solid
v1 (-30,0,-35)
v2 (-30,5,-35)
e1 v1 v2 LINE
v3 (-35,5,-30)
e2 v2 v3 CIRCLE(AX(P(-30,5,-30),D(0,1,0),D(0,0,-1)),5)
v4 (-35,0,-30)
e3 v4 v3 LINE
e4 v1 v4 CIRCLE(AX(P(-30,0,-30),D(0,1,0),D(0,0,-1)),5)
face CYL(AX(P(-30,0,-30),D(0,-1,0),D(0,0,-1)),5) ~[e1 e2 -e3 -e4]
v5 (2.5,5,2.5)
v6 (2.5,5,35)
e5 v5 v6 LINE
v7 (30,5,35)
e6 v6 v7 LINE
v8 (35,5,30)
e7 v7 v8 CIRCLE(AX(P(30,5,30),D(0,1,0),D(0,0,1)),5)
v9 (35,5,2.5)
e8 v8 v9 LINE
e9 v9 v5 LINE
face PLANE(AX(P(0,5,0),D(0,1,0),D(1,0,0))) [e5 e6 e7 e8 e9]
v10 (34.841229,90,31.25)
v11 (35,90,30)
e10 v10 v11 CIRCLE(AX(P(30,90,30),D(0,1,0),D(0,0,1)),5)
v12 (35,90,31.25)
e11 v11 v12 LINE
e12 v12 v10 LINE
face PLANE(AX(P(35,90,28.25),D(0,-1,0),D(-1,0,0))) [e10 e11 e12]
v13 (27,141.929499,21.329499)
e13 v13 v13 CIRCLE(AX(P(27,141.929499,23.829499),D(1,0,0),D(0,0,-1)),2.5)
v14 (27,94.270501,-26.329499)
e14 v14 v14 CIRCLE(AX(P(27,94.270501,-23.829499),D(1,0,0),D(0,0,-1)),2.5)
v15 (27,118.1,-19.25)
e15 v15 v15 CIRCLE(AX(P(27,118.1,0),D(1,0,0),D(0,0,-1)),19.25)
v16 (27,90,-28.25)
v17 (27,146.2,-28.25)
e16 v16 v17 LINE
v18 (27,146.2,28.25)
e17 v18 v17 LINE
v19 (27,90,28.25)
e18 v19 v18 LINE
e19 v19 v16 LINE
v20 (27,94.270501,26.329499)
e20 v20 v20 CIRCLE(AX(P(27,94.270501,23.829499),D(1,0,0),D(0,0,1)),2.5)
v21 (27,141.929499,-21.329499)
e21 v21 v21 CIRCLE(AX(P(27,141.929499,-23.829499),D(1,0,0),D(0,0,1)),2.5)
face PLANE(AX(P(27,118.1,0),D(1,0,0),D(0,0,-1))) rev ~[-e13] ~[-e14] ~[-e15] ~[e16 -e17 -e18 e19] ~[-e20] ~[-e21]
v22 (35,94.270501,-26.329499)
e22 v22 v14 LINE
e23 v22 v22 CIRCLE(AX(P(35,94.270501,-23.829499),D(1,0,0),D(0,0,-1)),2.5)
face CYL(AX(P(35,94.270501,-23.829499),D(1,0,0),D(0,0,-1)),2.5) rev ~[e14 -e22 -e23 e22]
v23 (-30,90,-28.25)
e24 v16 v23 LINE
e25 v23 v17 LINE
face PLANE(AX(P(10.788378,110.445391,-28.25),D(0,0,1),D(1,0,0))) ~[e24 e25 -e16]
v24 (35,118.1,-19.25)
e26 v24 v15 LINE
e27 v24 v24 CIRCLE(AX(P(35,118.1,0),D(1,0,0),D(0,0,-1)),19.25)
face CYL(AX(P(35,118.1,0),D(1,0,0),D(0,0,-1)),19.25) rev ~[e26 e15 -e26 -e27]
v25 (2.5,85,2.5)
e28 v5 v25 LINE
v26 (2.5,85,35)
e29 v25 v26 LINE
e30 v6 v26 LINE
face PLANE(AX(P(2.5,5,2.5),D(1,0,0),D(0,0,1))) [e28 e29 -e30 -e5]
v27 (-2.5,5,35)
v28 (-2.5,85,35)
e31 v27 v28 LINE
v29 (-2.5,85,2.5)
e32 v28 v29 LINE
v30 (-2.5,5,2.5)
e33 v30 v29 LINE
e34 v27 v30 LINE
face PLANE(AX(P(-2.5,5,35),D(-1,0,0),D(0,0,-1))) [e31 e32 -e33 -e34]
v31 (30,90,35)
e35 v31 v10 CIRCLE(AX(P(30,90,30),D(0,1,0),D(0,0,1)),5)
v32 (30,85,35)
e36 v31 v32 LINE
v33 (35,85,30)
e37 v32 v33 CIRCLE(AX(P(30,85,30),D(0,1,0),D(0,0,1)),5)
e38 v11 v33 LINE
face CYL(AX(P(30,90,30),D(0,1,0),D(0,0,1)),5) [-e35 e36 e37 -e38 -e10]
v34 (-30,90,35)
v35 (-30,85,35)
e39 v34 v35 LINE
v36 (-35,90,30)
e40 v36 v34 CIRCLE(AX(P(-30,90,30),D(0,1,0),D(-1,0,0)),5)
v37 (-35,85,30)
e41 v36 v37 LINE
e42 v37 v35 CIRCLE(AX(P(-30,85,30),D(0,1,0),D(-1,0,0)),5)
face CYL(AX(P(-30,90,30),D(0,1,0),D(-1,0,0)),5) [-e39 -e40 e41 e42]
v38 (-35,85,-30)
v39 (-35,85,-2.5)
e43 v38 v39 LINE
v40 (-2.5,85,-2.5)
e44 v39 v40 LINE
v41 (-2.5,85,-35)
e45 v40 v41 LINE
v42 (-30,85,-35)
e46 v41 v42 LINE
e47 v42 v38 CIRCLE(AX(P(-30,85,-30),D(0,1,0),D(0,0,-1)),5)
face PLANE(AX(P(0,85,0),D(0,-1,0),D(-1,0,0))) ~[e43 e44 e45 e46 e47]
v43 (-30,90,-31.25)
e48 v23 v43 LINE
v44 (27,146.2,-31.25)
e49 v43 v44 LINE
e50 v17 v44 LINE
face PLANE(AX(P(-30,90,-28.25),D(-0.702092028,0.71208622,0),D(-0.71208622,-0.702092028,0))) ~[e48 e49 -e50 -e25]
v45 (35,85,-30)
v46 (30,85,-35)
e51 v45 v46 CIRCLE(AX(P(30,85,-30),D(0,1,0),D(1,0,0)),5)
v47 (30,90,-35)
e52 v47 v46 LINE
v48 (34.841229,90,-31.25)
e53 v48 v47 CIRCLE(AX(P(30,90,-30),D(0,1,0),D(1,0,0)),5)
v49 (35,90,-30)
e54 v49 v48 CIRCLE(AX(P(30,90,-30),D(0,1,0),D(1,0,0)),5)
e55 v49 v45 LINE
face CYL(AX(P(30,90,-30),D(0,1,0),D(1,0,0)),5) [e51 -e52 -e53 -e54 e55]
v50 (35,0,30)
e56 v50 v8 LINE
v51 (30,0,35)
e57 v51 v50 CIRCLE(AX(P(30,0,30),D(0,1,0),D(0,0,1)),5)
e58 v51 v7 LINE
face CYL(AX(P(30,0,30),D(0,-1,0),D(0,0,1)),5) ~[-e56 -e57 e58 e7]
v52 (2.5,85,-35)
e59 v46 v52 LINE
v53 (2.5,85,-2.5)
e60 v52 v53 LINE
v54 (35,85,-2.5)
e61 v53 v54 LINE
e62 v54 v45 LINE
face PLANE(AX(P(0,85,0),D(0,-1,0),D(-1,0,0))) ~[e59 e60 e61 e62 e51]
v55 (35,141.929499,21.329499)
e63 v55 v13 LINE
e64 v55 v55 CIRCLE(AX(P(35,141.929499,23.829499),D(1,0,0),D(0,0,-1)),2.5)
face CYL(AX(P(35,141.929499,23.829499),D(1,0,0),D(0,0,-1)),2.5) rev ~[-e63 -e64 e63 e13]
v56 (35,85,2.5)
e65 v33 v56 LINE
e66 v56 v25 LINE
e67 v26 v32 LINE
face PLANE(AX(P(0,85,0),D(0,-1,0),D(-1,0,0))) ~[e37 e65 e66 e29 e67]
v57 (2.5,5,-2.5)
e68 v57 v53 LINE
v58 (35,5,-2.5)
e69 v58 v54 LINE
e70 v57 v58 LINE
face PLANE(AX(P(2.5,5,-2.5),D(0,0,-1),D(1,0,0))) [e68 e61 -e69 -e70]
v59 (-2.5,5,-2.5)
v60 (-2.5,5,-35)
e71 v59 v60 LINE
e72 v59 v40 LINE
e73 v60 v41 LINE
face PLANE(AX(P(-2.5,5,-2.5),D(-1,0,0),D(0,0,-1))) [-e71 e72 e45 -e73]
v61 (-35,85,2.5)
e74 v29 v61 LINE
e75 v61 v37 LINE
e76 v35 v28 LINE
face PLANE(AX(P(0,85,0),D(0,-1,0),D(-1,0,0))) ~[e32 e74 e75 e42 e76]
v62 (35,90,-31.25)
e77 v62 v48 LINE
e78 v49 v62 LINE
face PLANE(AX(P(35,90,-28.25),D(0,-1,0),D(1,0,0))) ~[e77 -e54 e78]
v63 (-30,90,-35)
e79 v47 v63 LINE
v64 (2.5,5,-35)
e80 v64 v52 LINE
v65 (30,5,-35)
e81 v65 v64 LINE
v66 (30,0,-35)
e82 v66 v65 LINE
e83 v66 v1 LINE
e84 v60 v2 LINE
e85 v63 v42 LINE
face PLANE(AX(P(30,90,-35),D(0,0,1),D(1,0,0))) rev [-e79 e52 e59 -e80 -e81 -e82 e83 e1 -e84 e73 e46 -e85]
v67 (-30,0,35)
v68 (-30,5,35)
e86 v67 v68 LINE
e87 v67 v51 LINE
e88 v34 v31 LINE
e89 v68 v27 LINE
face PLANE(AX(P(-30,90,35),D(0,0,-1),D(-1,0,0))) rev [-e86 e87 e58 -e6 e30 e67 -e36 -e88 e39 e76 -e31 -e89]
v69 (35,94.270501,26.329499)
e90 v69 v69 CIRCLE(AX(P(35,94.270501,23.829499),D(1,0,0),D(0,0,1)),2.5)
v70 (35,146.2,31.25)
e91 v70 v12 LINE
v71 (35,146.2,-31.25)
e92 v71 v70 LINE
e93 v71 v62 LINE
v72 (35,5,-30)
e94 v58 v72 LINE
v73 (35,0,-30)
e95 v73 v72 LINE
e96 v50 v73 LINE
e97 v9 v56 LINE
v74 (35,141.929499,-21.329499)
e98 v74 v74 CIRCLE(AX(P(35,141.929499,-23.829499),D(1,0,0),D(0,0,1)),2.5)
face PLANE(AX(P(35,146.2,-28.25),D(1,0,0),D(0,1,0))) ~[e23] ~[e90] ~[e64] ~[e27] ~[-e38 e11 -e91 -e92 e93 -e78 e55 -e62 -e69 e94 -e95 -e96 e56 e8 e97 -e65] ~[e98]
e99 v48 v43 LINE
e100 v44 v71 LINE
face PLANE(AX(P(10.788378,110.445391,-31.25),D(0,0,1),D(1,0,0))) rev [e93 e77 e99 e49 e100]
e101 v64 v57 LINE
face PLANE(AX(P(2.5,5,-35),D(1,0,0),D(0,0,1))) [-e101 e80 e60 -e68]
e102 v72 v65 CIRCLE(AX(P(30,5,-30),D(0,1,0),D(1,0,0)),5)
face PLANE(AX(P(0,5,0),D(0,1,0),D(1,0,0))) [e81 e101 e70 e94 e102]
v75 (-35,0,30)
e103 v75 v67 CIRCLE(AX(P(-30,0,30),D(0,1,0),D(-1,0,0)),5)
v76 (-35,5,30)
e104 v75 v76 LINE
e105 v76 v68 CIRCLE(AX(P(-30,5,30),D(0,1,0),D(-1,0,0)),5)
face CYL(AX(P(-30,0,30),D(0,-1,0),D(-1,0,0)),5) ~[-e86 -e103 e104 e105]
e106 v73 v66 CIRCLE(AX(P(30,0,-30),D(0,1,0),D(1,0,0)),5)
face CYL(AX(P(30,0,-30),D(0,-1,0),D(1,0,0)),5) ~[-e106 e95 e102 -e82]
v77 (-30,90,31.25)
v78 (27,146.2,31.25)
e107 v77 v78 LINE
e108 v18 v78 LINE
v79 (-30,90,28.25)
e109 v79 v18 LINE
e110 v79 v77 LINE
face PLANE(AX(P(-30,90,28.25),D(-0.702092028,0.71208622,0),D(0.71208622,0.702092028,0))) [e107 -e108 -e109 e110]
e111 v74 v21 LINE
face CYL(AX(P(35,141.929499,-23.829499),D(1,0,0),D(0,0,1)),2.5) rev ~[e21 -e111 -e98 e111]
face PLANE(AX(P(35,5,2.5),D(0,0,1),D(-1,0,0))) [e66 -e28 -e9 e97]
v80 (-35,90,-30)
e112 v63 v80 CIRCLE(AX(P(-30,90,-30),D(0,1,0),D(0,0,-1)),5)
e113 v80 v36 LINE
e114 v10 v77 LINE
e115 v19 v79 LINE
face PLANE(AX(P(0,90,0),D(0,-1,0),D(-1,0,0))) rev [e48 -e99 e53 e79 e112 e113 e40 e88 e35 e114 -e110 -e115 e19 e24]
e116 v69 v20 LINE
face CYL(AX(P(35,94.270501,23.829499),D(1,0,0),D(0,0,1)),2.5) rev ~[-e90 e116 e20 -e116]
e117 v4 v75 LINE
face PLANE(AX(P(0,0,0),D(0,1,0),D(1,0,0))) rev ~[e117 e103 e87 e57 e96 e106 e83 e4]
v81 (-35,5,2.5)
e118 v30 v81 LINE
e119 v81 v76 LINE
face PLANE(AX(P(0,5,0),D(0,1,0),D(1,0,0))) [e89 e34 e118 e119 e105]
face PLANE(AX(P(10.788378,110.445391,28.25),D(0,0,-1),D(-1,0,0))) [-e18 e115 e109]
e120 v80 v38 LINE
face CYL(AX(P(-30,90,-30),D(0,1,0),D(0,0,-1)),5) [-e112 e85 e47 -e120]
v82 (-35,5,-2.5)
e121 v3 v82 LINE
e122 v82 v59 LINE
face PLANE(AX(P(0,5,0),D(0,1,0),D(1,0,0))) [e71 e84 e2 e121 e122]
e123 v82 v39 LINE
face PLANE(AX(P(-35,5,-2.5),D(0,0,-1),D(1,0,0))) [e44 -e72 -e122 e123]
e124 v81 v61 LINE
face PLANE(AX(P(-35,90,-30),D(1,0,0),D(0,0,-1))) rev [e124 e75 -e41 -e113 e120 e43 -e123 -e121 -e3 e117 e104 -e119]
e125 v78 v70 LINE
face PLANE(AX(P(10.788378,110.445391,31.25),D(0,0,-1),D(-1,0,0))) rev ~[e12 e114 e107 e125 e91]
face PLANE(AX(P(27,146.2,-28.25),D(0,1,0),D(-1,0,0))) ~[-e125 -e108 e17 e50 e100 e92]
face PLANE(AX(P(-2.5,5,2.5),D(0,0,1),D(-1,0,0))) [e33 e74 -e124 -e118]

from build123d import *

# Parameters (mm, degrees)
BOSS_EXTRUDE1_DEPTH = 5
BOSS_EXTRUDE2_DEPTH = 80
SKETCH4_W           = 56.5
SKETCH4_H           = 56.2
SKETCH4_R           = 19.25
SKETCH4_R_2         = 2.5
BOSS_EXTRUDE3_DEPTH = 8
BOSS_EXTRUDE4_DEPTH = 3


with BuildPart() as part:
    # Sketch2 → Boss-Extrude1 (new body)
    with BuildSketch(Plane(origin=(0, 0, 0), x_dir=(1, 0, 0), z_dir=(0, 1, 0))):
        with BuildLine():
            Line((-30, -35), (30, -35))
            ThreePointArc((30, -35), (33.535533906, -33.535533906), (35, -30))
            Line((35, -30), (35, 30))
            ThreePointArc((35, 30), (33.535533906, 33.535533906), (30, 35))
            Line((30, 35), (-30, 35))
            ThreePointArc((-30, 35), (-33.535533906, 33.535533906), (-35, 30))
            Line((-35, 30), (-35, -30))
            ThreePointArc((-35, -30), (-33.535533906, -33.535533906), (-30, -35))
        make_face()
    boss_extrude1 = extrude(amount=BOSS_EXTRUDE1_DEPTH)

    # Sketch3 → Boss-Extrude2 (add)
    with BuildSketch(Plane(origin=(0, 5, 0), x_dir=(1, 0, 0), z_dir=(0, 1, 0))):
        Polygon((-2.5, 2.5), (-2.5, 35), (2.5, 35), (2.5, 2.5), (35, 2.5), (35, -2.5), (2.5, -2.5), (2.5, -35), (-2.5, -35), (-2.5, -2.5), (-35, -2.5), (-35, 2.5), align=None)
    extrude(amount=BOSS_EXTRUDE2_DEPTH)

    # Mirror1: Boss-Extrude1 across plane
    add(boss_extrude1.mirror(Plane.ZX.offset(45)))

    # Sketch4 → Boss-Extrude3 (add)
    with BuildSketch(Plane(origin=(35, 0, 0), x_dir=(0, 0, -1), z_dir=(1, 0, 0))):
        with Locations((0, 118.1)):
            Rectangle(SKETCH4_W, SKETCH4_H)
        with Locations((0, 118.1)):
            Circle(SKETCH4_R, mode=Mode.SUBTRACT)
        with Locations((-23.829498526, 141.929498526)):
            Circle(SKETCH4_R_2, mode=Mode.SUBTRACT)
        with Locations(Location((23.829498526, 141.929498526, 0), (0, 0, 180))):
            Circle(SKETCH4_R_2, mode=Mode.SUBTRACT)
        with Locations((23.829498526, 94.270501474)):
            Circle(SKETCH4_R_2, mode=Mode.SUBTRACT)
        with Locations(Location((-23.829498526, 94.270501474, 0), (0, 0, 180))):
            Circle(SKETCH4_R_2, mode=Mode.SUBTRACT)
    extrude(amount=-BOSS_EXTRUDE3_DEPTH)

    # Sketch5 → Boss-Extrude4 (add)
    with BuildSketch(Plane.XY.offset(28.25)):
        Polygon((35, 90), (-30, 90), (27, 146.2), (35, 146.2), align=None)
    boss_extrude4 = extrude(amount=BOSS_EXTRUDE4_DEPTH)

    # Mirror2: Boss-Extrude4 across plane
    add(boss_extrude4.mirror(Plane(origin=(0, 0, 0), x_dir=(1, 0, 0), z_dir=(0, 0, -1))))


solid = part.part
